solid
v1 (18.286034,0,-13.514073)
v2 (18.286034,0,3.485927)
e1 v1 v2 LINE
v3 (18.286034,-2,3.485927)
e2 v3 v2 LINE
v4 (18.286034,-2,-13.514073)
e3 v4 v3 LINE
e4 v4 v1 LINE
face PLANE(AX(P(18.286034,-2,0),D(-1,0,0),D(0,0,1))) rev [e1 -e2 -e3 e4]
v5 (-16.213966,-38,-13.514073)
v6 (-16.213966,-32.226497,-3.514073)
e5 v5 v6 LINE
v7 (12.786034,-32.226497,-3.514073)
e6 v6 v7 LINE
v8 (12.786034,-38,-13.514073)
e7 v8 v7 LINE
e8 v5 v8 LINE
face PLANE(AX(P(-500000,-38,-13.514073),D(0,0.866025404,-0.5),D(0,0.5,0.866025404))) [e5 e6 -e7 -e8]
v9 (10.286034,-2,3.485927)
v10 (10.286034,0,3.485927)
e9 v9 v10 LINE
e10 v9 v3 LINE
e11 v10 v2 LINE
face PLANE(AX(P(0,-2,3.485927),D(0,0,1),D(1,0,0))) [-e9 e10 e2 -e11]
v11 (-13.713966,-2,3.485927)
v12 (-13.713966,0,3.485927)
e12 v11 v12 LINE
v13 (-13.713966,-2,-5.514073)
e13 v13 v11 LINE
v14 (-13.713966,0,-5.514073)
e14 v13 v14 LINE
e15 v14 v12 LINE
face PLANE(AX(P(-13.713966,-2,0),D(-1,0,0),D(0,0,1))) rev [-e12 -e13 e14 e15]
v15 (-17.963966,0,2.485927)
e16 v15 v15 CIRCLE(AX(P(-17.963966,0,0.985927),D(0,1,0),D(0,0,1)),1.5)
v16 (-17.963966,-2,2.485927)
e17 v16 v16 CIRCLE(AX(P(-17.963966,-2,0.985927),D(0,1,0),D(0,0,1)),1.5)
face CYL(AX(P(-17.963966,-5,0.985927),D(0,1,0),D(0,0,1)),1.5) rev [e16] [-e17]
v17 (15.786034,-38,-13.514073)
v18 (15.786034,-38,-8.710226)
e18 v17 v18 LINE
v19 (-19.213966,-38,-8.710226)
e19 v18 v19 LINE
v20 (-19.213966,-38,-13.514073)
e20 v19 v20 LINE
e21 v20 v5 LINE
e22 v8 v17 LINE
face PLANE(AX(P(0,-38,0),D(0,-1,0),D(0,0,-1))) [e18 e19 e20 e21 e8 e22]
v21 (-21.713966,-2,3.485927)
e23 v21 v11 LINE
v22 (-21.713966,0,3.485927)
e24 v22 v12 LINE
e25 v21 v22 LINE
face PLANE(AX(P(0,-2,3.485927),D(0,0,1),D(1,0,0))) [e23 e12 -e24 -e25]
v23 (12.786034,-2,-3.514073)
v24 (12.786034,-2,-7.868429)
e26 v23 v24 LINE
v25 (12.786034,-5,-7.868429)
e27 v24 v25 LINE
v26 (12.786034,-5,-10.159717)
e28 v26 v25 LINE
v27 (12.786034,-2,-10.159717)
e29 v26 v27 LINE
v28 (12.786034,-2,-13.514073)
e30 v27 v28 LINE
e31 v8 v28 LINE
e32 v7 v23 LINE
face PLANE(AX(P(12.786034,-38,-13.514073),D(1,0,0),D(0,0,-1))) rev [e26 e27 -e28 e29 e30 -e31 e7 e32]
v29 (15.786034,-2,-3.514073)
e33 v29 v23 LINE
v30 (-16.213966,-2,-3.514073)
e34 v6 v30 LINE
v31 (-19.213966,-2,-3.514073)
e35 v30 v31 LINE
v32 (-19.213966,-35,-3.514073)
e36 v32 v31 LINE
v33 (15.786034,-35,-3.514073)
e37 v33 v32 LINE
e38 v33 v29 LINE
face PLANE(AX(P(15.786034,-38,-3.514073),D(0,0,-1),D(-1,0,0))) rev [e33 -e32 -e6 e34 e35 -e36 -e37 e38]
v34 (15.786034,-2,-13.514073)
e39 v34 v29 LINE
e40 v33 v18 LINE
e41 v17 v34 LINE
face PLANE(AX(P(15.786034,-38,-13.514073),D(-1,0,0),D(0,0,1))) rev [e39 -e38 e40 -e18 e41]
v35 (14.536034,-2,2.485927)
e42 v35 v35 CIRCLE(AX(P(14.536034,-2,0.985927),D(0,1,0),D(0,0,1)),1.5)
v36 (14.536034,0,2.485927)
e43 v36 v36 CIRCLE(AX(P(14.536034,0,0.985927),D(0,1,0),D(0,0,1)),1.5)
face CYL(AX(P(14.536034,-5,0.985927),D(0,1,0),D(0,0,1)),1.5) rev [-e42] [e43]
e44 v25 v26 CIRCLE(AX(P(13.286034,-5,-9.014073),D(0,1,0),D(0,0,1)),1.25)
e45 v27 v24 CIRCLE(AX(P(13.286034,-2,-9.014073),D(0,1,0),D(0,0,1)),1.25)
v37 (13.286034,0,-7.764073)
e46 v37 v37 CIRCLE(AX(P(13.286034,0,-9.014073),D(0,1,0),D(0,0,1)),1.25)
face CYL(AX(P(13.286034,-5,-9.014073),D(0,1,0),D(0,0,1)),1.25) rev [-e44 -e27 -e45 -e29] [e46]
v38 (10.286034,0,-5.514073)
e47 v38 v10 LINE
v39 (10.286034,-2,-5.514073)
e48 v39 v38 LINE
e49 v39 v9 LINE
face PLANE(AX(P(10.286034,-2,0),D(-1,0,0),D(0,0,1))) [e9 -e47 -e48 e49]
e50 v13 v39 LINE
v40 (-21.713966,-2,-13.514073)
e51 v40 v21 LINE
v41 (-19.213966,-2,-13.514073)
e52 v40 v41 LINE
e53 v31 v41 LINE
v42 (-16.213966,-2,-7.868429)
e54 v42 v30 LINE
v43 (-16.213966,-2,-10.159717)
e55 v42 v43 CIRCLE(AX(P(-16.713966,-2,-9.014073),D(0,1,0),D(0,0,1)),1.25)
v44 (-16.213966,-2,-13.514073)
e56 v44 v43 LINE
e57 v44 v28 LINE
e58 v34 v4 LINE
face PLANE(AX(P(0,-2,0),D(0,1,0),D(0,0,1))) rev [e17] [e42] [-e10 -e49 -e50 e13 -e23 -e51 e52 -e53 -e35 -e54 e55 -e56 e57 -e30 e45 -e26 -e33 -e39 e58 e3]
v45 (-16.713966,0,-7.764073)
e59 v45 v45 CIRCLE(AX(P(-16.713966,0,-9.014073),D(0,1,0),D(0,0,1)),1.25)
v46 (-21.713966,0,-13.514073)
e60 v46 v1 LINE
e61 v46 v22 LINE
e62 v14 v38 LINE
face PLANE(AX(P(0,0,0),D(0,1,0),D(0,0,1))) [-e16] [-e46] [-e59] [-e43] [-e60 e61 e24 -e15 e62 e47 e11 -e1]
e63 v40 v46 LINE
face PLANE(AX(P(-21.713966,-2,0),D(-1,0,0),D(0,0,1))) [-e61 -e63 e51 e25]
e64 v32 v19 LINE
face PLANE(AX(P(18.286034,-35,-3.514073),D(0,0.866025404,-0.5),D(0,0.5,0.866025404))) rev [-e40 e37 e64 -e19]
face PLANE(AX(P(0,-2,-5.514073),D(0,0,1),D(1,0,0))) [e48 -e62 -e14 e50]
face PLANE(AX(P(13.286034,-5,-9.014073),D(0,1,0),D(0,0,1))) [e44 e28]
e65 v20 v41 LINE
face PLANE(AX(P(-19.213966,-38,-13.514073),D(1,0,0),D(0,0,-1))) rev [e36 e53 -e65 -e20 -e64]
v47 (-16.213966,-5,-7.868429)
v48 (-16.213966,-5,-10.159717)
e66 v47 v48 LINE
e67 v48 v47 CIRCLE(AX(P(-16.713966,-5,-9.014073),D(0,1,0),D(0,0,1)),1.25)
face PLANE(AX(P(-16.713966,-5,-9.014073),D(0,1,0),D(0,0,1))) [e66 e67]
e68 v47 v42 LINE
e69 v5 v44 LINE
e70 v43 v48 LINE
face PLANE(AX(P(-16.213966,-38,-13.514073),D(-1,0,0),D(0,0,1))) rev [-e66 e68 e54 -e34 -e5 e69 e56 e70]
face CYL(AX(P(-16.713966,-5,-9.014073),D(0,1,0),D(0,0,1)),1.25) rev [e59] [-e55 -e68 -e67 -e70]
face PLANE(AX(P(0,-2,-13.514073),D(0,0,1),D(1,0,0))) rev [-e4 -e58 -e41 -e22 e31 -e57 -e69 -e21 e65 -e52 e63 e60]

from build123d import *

# Parameters (mm, degrees)
SKETCH1_W           = 8
SKETCH1_H           = 17
SKETCH1_W_2         = 24
SKETCH1_H_2         = 8
BOSS_EXTRUDE1_DEPTH = 2
SKETCH4_W           = 3
SKETCH4_H           = 10
BOSS_EXTRUDE4_DEPTH = 36
BOSS_EXTRUDE5_REACH = 36.5
CUT_EXTRUDE3_DEPTH  = 38.5
SKETCH7_R           = 1.25
SKETCH7_R_2         = 1.5
CUT_EXTRUDE4_DEPTH  = 5


with BuildPart() as part:
    # Sketch1 → Boss-Extrude1 (new body)
    with BuildSketch(Plane(origin=(0, 0, 0), x_dir=(1, 0, 0), z_dir=(0, 1, 0))):
        with Locations((-17.713965849, 5.014073333)):
            Rectangle(SKETCH1_W, SKETCH1_H)
        with Locations((-1.713965849, 9.514073333)):
            Rectangle(SKETCH1_W_2, SKETCH1_H_2)
        with Locations((14.286034151, 5.014073333)):
            Rectangle(SKETCH1_W, SKETCH1_H)
    extrude(amount=-BOSS_EXTRUDE1_DEPTH)

    # Sketch4 → Boss-Extrude4 (add)
    with BuildSketch(Plane(origin=(0, -2, 0), x_dir=(-1, 0, 0), z_dir=(0, -1, 0))):
        with Locations((-14.286034151, 8.514073333)):
            Rectangle(SKETCH4_W, SKETCH4_H)
        with Locations((17.713965849, 8.514073333)):
            Rectangle(SKETCH4_W, SKETCH4_H)
    extrude(amount=BOSS_EXTRUDE4_DEPTH)

    # Sketch5 → Boss-Extrude5 (add, up to next)
    with BuildSketch(Plane.ZY.offset(-12.786034151), mode=Mode.PRIVATE) as boss_extrude5_sk1:
        Polygon((-13.514073333, -38), (-3.514073333, -32.226497308), (-3.514073333, -38), align=None)
    boss_extrude5_tool1 = extrude(boss_extrude5_sk1.sketch, amount=BOSS_EXTRUDE5_REACH, mode=Mode.PRIVATE) - part.part
    add(boss_extrude5_tool1.solids().sort_by_distance((12.786034, -36.075499, -6.847407))[0])

    # Sketch6 → Cut-Extrude3 (cut, through all)
    with BuildSketch(Plane.ZY.offset(19.213965849)):
        Polygon((-3.514073333, -38), (-3.514073333, -35), (-8.710225756, -38), align=None)
    extrude(amount=-CUT_EXTRUDE3_DEPTH, mode=Mode.SUBTRACT)

    # Sketch7 → Cut-Extrude4 (cut)
    with BuildSketch(Plane(origin=(0, 0, 0), x_dir=(1, 0, 0), z_dir=(0, 1, 0))):
        with Locations((-16.713965849, 9.014073333)):
            Circle(SKETCH7_R)
        with Locations((13.286034151, 9.014073333)):
            Circle(SKETCH7_R)
        with Locations((-17.963965849, -0.985926667)):
            Circle(SKETCH7_R_2)
        with Locations((14.536034151, -0.985926667)):
            Circle(SKETCH7_R_2)
    extrude(amount=-CUT_EXTRUDE4_DEPTH, mode=Mode.SUBTRACT)


solid = part.part
